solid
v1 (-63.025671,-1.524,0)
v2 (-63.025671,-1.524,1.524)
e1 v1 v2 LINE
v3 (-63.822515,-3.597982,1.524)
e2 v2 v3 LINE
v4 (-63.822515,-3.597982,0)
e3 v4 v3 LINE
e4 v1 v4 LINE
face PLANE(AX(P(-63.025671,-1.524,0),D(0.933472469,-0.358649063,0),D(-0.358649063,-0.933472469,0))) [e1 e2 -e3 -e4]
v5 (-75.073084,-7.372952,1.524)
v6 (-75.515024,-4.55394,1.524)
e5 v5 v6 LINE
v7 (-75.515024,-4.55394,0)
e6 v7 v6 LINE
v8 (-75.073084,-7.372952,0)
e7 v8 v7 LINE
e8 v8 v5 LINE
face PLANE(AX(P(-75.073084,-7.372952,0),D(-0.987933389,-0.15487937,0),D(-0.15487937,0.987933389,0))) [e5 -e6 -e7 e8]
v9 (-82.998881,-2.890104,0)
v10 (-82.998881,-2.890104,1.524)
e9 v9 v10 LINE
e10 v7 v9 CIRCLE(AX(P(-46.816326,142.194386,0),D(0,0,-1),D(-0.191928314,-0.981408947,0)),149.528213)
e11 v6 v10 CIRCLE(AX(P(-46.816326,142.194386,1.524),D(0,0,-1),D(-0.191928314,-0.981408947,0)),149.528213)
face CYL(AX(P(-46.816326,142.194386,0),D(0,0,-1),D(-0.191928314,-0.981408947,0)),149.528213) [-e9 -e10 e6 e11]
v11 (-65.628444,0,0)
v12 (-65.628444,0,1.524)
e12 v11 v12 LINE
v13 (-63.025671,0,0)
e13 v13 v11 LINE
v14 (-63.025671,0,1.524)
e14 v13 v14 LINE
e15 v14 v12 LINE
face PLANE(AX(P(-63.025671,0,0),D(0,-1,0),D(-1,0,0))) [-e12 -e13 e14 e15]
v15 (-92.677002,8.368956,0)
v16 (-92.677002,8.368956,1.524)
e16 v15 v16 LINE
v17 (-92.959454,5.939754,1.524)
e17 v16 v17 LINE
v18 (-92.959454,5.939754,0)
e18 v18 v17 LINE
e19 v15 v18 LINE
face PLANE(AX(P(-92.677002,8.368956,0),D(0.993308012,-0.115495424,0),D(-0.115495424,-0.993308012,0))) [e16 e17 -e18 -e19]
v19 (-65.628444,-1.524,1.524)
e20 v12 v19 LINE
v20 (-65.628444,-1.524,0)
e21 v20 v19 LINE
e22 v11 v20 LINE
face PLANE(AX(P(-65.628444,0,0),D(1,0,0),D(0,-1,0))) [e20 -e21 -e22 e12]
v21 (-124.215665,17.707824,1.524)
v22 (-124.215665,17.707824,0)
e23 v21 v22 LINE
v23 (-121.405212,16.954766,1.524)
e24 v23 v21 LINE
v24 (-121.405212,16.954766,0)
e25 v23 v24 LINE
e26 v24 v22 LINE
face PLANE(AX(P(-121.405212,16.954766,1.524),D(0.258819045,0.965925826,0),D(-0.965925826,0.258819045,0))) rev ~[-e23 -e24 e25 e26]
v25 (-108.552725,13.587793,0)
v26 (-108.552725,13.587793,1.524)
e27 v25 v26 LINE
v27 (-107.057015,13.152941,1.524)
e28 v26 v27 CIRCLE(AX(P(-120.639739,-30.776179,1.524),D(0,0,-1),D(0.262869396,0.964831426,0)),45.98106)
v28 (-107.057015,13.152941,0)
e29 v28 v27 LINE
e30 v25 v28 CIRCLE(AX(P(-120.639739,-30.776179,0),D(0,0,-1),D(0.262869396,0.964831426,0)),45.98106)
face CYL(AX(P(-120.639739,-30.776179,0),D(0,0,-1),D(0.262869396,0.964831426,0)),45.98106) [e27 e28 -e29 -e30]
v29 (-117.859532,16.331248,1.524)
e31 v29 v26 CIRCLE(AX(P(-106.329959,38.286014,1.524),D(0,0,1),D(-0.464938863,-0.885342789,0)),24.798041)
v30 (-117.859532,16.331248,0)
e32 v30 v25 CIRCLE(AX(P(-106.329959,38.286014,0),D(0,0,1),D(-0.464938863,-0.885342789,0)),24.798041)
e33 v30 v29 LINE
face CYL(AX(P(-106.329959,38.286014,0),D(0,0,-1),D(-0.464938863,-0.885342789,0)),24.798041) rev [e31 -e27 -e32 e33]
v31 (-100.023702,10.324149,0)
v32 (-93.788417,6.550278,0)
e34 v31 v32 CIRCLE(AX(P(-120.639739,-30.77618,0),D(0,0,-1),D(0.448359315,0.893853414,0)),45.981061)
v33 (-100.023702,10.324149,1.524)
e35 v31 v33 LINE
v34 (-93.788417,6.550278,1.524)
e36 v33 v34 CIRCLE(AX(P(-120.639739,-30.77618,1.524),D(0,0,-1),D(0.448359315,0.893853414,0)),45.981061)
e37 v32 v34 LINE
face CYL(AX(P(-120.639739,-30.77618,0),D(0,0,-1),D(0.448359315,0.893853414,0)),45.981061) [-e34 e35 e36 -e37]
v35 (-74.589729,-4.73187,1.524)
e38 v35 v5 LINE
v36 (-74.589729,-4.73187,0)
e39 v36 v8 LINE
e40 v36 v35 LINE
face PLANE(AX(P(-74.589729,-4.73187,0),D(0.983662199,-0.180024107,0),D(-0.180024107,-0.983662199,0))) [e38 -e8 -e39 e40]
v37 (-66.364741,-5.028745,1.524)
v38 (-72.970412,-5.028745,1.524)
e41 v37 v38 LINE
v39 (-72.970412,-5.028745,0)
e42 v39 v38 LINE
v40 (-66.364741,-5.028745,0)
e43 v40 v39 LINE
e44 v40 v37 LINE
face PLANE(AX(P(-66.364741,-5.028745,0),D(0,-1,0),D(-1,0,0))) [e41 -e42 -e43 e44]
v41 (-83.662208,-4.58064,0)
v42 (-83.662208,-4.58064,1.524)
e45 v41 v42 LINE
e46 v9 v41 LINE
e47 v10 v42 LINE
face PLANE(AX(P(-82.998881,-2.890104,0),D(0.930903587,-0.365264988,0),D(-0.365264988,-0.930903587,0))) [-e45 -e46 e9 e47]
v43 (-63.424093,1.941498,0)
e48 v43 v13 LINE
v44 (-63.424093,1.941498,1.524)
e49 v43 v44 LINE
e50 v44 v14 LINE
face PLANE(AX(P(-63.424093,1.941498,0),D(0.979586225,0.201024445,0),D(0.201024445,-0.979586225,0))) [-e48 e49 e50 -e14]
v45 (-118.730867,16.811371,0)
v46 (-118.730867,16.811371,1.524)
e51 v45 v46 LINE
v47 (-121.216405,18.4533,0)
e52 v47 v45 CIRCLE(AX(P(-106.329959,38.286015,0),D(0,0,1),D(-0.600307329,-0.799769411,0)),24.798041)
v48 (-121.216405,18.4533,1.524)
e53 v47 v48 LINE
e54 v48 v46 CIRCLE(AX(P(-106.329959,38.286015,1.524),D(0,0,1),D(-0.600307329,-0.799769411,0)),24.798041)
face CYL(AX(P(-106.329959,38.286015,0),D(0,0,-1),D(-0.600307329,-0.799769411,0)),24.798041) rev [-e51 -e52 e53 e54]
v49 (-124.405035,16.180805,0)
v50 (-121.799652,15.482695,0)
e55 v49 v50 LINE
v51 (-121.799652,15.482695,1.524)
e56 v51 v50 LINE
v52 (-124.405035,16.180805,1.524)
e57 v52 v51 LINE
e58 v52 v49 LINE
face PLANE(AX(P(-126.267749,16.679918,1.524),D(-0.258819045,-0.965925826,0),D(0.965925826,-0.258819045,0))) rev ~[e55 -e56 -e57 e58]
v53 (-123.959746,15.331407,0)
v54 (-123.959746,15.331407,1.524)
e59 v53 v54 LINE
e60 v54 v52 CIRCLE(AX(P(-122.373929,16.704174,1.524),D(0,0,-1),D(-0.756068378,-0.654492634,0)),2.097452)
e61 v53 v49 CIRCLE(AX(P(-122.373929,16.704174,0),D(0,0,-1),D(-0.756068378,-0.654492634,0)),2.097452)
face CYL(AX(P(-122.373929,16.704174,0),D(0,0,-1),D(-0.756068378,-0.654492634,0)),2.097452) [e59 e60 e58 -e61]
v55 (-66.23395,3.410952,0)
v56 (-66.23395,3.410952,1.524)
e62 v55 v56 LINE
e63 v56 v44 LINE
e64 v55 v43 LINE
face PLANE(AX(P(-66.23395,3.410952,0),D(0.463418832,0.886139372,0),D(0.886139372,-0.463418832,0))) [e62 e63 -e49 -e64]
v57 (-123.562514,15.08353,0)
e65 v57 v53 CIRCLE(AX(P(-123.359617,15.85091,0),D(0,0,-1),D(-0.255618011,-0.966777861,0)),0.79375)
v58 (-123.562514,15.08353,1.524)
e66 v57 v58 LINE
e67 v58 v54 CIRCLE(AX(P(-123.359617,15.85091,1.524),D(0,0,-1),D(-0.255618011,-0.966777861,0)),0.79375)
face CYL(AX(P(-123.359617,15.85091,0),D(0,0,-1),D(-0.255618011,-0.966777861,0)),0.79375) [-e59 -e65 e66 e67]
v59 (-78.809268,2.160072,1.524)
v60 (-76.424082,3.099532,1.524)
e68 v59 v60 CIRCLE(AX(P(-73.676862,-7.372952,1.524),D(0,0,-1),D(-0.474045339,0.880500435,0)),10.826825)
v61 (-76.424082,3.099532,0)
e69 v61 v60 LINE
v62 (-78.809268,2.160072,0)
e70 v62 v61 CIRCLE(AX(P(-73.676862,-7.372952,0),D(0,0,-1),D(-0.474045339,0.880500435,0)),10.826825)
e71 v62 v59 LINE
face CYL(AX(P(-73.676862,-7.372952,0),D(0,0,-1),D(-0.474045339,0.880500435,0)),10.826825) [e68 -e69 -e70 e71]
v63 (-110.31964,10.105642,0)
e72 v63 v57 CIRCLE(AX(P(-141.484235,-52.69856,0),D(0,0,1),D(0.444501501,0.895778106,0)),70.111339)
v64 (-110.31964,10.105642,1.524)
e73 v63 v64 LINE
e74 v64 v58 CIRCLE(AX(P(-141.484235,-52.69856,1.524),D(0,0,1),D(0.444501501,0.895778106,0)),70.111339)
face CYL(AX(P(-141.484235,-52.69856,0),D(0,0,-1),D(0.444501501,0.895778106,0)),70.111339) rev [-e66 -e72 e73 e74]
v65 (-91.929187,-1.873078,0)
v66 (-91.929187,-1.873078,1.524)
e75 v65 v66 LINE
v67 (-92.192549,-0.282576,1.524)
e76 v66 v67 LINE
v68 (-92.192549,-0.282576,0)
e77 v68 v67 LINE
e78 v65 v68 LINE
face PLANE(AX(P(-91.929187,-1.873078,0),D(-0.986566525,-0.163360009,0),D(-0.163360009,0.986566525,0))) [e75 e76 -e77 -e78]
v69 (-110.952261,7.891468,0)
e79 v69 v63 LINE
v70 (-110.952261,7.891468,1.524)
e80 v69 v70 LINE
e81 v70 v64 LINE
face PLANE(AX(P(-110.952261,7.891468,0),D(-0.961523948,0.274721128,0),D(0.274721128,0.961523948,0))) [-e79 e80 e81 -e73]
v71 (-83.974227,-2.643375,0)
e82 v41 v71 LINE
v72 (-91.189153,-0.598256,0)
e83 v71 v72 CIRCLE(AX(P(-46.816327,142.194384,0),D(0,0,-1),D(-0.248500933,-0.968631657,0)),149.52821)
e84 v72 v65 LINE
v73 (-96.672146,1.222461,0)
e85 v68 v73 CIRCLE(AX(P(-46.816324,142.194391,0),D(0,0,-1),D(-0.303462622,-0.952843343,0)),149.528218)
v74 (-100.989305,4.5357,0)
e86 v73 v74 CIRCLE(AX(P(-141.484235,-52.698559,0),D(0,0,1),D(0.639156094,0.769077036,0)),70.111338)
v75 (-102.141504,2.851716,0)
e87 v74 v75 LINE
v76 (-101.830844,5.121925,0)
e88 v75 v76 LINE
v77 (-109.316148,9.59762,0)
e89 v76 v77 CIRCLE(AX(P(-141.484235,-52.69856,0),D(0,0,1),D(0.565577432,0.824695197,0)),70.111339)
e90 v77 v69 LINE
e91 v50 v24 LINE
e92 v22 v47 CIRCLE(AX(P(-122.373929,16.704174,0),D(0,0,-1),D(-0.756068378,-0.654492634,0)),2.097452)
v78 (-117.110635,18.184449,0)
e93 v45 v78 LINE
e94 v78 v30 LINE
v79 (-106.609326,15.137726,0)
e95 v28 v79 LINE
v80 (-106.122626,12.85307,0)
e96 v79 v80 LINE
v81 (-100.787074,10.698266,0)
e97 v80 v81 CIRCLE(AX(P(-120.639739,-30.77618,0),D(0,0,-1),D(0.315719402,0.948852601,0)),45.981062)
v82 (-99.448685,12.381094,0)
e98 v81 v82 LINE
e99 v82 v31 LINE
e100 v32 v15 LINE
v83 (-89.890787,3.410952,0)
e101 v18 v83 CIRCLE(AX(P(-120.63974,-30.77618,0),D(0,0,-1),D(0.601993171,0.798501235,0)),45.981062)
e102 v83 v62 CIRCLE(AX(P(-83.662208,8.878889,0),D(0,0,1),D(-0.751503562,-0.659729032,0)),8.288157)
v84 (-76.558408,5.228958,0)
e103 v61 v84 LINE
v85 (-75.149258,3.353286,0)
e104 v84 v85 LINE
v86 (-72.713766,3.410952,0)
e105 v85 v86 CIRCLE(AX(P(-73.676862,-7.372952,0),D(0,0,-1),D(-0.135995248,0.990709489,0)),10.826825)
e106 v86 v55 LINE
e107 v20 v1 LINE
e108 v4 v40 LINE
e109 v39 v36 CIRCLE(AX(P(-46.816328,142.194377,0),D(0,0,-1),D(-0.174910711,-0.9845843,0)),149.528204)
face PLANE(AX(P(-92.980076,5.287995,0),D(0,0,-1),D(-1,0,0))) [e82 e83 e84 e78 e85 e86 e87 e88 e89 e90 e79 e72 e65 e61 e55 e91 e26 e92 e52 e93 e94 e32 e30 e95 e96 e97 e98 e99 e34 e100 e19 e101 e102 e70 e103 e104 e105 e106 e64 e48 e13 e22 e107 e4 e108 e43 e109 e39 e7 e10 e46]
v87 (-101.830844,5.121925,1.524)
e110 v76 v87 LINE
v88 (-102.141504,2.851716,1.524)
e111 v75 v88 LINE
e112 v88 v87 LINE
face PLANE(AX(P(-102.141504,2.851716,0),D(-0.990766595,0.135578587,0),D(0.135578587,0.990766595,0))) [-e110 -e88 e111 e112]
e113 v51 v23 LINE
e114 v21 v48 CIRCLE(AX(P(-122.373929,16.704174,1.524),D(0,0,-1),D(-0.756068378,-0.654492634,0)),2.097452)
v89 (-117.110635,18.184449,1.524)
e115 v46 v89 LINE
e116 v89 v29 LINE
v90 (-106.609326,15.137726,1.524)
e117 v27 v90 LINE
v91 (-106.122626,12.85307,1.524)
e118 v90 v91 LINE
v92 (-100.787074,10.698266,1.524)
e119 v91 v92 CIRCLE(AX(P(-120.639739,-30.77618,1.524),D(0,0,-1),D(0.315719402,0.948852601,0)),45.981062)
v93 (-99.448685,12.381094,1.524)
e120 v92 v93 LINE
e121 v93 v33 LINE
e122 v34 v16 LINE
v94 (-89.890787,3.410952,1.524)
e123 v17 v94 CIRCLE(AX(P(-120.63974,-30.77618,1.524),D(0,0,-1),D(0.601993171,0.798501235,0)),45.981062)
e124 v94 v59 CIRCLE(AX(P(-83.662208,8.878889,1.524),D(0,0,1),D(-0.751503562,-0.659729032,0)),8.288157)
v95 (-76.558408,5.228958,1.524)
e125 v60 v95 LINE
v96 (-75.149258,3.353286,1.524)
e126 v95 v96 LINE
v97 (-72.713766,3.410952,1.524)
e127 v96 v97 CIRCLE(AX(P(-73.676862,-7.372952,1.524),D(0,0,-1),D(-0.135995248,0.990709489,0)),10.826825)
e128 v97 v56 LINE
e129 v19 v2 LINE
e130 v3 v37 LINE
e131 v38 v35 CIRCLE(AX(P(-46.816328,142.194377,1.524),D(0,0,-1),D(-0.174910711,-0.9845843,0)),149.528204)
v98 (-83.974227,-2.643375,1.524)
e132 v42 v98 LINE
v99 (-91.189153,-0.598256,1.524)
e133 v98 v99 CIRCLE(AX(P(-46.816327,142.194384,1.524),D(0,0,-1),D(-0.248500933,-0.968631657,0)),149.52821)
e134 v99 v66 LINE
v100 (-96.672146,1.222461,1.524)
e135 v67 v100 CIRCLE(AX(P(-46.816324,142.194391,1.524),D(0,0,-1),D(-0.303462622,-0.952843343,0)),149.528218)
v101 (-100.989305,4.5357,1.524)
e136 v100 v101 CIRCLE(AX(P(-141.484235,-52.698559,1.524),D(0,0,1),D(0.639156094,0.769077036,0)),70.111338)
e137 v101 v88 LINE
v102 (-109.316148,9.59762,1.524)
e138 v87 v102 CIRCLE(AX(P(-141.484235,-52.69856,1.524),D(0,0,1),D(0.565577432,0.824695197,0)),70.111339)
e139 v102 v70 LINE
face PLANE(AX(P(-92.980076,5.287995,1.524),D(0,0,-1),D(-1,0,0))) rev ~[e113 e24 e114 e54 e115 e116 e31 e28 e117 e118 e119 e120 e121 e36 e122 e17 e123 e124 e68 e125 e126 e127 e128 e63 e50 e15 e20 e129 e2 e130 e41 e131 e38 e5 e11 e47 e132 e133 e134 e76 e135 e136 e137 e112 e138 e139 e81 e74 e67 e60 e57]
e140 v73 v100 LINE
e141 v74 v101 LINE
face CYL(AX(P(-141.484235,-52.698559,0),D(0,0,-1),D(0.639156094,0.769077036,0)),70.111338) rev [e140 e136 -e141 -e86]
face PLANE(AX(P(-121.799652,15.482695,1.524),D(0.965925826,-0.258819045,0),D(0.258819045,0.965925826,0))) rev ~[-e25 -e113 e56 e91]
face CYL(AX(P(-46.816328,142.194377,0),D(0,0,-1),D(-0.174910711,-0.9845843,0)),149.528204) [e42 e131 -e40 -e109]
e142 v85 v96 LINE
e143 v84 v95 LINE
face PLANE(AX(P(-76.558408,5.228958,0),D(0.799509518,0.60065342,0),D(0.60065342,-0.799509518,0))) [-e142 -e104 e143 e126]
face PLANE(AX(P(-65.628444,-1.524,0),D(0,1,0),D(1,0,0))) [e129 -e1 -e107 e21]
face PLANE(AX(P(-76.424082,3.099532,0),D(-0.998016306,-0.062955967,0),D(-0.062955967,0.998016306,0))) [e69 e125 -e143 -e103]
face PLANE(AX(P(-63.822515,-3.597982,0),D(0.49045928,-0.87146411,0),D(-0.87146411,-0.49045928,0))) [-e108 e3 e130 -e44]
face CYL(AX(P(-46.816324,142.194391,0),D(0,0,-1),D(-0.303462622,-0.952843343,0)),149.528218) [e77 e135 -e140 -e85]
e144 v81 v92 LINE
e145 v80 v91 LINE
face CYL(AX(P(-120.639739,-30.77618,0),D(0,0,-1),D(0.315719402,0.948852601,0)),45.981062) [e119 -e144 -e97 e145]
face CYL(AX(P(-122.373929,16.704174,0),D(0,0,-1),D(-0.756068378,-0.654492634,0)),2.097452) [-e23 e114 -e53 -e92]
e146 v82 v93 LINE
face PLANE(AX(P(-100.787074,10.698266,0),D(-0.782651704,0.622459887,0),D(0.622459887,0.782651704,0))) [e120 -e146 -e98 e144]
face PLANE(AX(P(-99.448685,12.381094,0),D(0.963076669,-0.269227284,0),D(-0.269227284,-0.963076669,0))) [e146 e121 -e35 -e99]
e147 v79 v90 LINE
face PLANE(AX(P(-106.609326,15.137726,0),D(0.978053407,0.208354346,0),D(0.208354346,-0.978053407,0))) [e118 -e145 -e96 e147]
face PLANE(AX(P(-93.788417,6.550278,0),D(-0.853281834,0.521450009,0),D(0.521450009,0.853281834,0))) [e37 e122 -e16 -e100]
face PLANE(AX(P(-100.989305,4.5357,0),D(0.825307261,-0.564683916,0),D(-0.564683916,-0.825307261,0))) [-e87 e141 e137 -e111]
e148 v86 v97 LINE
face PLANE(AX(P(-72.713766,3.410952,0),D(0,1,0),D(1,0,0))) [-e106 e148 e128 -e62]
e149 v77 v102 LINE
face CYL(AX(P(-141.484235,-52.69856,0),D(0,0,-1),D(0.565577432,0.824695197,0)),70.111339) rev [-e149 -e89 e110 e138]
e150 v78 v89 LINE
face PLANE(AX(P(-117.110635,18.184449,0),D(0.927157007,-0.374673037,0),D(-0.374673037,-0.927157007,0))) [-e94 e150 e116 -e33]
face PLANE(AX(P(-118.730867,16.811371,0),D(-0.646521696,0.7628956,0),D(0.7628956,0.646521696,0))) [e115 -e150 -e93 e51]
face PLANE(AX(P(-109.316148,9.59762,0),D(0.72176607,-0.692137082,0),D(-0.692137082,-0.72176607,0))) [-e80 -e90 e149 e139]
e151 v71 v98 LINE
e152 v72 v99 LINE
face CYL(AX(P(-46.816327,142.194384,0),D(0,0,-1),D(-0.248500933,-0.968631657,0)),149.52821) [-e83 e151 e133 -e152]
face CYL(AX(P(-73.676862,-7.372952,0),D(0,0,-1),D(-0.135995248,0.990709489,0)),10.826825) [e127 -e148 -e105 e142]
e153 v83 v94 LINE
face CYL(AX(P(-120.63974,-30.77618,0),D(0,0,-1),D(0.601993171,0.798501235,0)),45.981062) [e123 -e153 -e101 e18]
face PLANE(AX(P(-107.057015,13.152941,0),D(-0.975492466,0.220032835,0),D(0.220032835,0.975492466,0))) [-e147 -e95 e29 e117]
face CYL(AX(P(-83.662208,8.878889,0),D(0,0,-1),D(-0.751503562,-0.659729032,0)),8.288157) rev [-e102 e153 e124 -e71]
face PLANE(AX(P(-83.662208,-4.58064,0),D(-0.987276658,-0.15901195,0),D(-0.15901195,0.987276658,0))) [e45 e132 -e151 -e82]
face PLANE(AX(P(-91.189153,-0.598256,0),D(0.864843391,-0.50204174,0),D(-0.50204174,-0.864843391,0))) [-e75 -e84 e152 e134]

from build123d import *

# Parameters (mm, degrees)
BOSS_EXTRUDE1_DEPTH = 1.524
CUT_EXTRUDE1_DEPTH  = 1.524


with BuildPart() as part:
    # Sketch1 → Boss-Extrude1 (new body)
    with BuildSketch(Plane.XY):
        with BuildLine():
            Line((-65.62844389, -1.524), (-63.025670989, -1.524))
            Line((-63.025670989, -1.524), (-63.822514801, -3.597982164))
            Line((-63.822514801, -3.597982164), (-66.364740688, -5.02874479))
            Line((-66.364740688, -5.02874479), (-72.970412181, -5.02874479))
            ThreePointArc((-72.970412181, -5.02874479), (-73.780479042, -4.88253576), (-74.589728748, -4.731869528))
            Line((-74.589728748, -4.731869528), (-75.073084302, -7.372952412))
            Line((-75.073084302, -7.372952412), (-75.51502387, -4.553940069))
            ThreePointArc((-75.51502387, -4.553940069), (-79.267617574, -3.769993691), (-82.998880802, -2.890103837))
            Line((-82.998880802, -2.890103837), (-83.662208167, -4.580640418))
            Line((-83.662208167, -4.580640418), (-83.9742265, -2.643374593))
            ThreePointArc((-83.9742265, -2.643374593), (-87.594512539, -1.666053196), (-91.189152721, -0.598256357))
            Line((-91.189152721, -0.598256357), (-91.929187087, -1.873078309))
            Line((-91.929187087, -1.873078309), (-92.192549363, -0.282576404))
            ThreePointArc((-92.192549363, -0.282576404), (-94.43829357, 0.452244536), (-96.672145794, 1.2224608))
            ThreePointArc((-96.672145794, 1.2224608), (-98.79856677, 2.920982901), (-100.989304929, 4.535699537))
            Line((-100.989304929, 4.535699537), (-102.141504416, 2.851715672))
            Line((-102.141504416, 2.851715672), (-101.830844258, 5.121924515))
            ThreePointArc((-101.830844258, 5.121924515), (-105.503835902, 7.476274523), (-109.316148256, 9.597619873))
            Line((-109.316148256, 9.597619873), (-110.95226101, 7.891468444))
            Line((-110.95226101, 7.891468444), (-110.319639872, 10.105642428))
            ThreePointArc((-110.319639872, 10.105642428), (-116.815196671, 12.929470472), (-123.562513889, 15.083530197))
            ThreePointArc((-123.562513889, 15.083530197), (-123.779823463, 15.177511529), (-123.959746364, 15.331406595))
            ThreePointArc((-123.959746364, 15.331406595), (-123.949496649, 18.088692586), (-121.216404531, 18.453300008))
            ThreePointArc((-121.216404531, 18.453300008), (-119.99831308, 17.594979685), (-118.73086738, 16.811371391))
            Line((-118.73086738, 16.811371391), (-117.11063531, 18.184449417))
            Line((-117.11063531, 18.184449417), (-117.859531811, 16.331247904))
            ThreePointArc((-117.859531811, 16.331247904), (-113.341616748, 14.499894981), (-108.552725398, 13.587793188))
            ThreePointArc((-108.552725398, 13.587793188), (-107.803028846, 13.376700844), (-107.057015293, 13.152940531))
            Line((-107.057015293, 13.152940531), (-106.609325514, 15.13772615))
            Line((-106.609325514, 15.13772615), (-106.122626057, 12.853069881))
            ThreePointArc((-106.122626057, 12.853069881), (-103.421109493, 11.859213859), (-100.787074077, 10.698266414))
            Line((-100.787074077, 10.698266414), (-99.448684771, 12.381094003))
            Line((-99.448684771, 12.381094003), (-100.023702083, 10.324148845))
            ThreePointArc((-100.023702083, 10.324148845), (-96.831167643, 8.560951785), (-93.788416789, 6.550278449))
            Line((-93.788416789, 6.550278449), (-92.677002467, 8.368956431))
            Line((-92.677002467, 8.368956431), (-92.959454339, 5.939754488))
            ThreePointArc((-92.959454339, 5.939754488), (-91.397772197, 4.708540381), (-89.890787426, 3.410951775))
            ThreePointArc((-89.890787426, 3.410951775), (-84.591869737, 0.643036614), (-78.809267625, 2.160071819))
            ThreePointArc((-78.809267625, 2.160071819), (-77.644578081, 2.700645179), (-76.424081928, 3.09953167))
            Line((-76.424081928, 3.09953167), (-76.558408494, 5.228958142))
            Line((-76.558408494, 5.228958142), (-75.149258413, 3.353285973))
            ThreePointArc((-75.149258413, 3.353285973), (-73.933139466, 3.450839152), (-72.713766302, 3.410951775))
            Line((-72.713766302, 3.410951775), (-66.233949818, 3.410951775))
            Line((-66.233949818, 3.410951775), (-63.424092895, 1.94149826))
            Line((-63.424092895, 1.94149826), (-63.025670989, 0))
            Line((-63.025670989, 0), (-65.62844389, 0))
            Line((-65.62844389, 0), (-65.62844389, -1.524))
        make_face()
    extrude(amount=BOSS_EXTRUDE1_DEPTH)

    # Sketch2 → Cut-Extrude1 (cut)
    with BuildSketch(Plane.XY.offset(1.524)):
        Polygon((-126.267748699, 16.679917712), (-121.799652461, 15.482694933), (-121.405212236, 16.954765892), (-125.873308475, 18.151988671), align=None)
    extrude(amount=-CUT_EXTRUDE1_DEPTH, mode=Mode.SUBTRACT)


solid = part.part
